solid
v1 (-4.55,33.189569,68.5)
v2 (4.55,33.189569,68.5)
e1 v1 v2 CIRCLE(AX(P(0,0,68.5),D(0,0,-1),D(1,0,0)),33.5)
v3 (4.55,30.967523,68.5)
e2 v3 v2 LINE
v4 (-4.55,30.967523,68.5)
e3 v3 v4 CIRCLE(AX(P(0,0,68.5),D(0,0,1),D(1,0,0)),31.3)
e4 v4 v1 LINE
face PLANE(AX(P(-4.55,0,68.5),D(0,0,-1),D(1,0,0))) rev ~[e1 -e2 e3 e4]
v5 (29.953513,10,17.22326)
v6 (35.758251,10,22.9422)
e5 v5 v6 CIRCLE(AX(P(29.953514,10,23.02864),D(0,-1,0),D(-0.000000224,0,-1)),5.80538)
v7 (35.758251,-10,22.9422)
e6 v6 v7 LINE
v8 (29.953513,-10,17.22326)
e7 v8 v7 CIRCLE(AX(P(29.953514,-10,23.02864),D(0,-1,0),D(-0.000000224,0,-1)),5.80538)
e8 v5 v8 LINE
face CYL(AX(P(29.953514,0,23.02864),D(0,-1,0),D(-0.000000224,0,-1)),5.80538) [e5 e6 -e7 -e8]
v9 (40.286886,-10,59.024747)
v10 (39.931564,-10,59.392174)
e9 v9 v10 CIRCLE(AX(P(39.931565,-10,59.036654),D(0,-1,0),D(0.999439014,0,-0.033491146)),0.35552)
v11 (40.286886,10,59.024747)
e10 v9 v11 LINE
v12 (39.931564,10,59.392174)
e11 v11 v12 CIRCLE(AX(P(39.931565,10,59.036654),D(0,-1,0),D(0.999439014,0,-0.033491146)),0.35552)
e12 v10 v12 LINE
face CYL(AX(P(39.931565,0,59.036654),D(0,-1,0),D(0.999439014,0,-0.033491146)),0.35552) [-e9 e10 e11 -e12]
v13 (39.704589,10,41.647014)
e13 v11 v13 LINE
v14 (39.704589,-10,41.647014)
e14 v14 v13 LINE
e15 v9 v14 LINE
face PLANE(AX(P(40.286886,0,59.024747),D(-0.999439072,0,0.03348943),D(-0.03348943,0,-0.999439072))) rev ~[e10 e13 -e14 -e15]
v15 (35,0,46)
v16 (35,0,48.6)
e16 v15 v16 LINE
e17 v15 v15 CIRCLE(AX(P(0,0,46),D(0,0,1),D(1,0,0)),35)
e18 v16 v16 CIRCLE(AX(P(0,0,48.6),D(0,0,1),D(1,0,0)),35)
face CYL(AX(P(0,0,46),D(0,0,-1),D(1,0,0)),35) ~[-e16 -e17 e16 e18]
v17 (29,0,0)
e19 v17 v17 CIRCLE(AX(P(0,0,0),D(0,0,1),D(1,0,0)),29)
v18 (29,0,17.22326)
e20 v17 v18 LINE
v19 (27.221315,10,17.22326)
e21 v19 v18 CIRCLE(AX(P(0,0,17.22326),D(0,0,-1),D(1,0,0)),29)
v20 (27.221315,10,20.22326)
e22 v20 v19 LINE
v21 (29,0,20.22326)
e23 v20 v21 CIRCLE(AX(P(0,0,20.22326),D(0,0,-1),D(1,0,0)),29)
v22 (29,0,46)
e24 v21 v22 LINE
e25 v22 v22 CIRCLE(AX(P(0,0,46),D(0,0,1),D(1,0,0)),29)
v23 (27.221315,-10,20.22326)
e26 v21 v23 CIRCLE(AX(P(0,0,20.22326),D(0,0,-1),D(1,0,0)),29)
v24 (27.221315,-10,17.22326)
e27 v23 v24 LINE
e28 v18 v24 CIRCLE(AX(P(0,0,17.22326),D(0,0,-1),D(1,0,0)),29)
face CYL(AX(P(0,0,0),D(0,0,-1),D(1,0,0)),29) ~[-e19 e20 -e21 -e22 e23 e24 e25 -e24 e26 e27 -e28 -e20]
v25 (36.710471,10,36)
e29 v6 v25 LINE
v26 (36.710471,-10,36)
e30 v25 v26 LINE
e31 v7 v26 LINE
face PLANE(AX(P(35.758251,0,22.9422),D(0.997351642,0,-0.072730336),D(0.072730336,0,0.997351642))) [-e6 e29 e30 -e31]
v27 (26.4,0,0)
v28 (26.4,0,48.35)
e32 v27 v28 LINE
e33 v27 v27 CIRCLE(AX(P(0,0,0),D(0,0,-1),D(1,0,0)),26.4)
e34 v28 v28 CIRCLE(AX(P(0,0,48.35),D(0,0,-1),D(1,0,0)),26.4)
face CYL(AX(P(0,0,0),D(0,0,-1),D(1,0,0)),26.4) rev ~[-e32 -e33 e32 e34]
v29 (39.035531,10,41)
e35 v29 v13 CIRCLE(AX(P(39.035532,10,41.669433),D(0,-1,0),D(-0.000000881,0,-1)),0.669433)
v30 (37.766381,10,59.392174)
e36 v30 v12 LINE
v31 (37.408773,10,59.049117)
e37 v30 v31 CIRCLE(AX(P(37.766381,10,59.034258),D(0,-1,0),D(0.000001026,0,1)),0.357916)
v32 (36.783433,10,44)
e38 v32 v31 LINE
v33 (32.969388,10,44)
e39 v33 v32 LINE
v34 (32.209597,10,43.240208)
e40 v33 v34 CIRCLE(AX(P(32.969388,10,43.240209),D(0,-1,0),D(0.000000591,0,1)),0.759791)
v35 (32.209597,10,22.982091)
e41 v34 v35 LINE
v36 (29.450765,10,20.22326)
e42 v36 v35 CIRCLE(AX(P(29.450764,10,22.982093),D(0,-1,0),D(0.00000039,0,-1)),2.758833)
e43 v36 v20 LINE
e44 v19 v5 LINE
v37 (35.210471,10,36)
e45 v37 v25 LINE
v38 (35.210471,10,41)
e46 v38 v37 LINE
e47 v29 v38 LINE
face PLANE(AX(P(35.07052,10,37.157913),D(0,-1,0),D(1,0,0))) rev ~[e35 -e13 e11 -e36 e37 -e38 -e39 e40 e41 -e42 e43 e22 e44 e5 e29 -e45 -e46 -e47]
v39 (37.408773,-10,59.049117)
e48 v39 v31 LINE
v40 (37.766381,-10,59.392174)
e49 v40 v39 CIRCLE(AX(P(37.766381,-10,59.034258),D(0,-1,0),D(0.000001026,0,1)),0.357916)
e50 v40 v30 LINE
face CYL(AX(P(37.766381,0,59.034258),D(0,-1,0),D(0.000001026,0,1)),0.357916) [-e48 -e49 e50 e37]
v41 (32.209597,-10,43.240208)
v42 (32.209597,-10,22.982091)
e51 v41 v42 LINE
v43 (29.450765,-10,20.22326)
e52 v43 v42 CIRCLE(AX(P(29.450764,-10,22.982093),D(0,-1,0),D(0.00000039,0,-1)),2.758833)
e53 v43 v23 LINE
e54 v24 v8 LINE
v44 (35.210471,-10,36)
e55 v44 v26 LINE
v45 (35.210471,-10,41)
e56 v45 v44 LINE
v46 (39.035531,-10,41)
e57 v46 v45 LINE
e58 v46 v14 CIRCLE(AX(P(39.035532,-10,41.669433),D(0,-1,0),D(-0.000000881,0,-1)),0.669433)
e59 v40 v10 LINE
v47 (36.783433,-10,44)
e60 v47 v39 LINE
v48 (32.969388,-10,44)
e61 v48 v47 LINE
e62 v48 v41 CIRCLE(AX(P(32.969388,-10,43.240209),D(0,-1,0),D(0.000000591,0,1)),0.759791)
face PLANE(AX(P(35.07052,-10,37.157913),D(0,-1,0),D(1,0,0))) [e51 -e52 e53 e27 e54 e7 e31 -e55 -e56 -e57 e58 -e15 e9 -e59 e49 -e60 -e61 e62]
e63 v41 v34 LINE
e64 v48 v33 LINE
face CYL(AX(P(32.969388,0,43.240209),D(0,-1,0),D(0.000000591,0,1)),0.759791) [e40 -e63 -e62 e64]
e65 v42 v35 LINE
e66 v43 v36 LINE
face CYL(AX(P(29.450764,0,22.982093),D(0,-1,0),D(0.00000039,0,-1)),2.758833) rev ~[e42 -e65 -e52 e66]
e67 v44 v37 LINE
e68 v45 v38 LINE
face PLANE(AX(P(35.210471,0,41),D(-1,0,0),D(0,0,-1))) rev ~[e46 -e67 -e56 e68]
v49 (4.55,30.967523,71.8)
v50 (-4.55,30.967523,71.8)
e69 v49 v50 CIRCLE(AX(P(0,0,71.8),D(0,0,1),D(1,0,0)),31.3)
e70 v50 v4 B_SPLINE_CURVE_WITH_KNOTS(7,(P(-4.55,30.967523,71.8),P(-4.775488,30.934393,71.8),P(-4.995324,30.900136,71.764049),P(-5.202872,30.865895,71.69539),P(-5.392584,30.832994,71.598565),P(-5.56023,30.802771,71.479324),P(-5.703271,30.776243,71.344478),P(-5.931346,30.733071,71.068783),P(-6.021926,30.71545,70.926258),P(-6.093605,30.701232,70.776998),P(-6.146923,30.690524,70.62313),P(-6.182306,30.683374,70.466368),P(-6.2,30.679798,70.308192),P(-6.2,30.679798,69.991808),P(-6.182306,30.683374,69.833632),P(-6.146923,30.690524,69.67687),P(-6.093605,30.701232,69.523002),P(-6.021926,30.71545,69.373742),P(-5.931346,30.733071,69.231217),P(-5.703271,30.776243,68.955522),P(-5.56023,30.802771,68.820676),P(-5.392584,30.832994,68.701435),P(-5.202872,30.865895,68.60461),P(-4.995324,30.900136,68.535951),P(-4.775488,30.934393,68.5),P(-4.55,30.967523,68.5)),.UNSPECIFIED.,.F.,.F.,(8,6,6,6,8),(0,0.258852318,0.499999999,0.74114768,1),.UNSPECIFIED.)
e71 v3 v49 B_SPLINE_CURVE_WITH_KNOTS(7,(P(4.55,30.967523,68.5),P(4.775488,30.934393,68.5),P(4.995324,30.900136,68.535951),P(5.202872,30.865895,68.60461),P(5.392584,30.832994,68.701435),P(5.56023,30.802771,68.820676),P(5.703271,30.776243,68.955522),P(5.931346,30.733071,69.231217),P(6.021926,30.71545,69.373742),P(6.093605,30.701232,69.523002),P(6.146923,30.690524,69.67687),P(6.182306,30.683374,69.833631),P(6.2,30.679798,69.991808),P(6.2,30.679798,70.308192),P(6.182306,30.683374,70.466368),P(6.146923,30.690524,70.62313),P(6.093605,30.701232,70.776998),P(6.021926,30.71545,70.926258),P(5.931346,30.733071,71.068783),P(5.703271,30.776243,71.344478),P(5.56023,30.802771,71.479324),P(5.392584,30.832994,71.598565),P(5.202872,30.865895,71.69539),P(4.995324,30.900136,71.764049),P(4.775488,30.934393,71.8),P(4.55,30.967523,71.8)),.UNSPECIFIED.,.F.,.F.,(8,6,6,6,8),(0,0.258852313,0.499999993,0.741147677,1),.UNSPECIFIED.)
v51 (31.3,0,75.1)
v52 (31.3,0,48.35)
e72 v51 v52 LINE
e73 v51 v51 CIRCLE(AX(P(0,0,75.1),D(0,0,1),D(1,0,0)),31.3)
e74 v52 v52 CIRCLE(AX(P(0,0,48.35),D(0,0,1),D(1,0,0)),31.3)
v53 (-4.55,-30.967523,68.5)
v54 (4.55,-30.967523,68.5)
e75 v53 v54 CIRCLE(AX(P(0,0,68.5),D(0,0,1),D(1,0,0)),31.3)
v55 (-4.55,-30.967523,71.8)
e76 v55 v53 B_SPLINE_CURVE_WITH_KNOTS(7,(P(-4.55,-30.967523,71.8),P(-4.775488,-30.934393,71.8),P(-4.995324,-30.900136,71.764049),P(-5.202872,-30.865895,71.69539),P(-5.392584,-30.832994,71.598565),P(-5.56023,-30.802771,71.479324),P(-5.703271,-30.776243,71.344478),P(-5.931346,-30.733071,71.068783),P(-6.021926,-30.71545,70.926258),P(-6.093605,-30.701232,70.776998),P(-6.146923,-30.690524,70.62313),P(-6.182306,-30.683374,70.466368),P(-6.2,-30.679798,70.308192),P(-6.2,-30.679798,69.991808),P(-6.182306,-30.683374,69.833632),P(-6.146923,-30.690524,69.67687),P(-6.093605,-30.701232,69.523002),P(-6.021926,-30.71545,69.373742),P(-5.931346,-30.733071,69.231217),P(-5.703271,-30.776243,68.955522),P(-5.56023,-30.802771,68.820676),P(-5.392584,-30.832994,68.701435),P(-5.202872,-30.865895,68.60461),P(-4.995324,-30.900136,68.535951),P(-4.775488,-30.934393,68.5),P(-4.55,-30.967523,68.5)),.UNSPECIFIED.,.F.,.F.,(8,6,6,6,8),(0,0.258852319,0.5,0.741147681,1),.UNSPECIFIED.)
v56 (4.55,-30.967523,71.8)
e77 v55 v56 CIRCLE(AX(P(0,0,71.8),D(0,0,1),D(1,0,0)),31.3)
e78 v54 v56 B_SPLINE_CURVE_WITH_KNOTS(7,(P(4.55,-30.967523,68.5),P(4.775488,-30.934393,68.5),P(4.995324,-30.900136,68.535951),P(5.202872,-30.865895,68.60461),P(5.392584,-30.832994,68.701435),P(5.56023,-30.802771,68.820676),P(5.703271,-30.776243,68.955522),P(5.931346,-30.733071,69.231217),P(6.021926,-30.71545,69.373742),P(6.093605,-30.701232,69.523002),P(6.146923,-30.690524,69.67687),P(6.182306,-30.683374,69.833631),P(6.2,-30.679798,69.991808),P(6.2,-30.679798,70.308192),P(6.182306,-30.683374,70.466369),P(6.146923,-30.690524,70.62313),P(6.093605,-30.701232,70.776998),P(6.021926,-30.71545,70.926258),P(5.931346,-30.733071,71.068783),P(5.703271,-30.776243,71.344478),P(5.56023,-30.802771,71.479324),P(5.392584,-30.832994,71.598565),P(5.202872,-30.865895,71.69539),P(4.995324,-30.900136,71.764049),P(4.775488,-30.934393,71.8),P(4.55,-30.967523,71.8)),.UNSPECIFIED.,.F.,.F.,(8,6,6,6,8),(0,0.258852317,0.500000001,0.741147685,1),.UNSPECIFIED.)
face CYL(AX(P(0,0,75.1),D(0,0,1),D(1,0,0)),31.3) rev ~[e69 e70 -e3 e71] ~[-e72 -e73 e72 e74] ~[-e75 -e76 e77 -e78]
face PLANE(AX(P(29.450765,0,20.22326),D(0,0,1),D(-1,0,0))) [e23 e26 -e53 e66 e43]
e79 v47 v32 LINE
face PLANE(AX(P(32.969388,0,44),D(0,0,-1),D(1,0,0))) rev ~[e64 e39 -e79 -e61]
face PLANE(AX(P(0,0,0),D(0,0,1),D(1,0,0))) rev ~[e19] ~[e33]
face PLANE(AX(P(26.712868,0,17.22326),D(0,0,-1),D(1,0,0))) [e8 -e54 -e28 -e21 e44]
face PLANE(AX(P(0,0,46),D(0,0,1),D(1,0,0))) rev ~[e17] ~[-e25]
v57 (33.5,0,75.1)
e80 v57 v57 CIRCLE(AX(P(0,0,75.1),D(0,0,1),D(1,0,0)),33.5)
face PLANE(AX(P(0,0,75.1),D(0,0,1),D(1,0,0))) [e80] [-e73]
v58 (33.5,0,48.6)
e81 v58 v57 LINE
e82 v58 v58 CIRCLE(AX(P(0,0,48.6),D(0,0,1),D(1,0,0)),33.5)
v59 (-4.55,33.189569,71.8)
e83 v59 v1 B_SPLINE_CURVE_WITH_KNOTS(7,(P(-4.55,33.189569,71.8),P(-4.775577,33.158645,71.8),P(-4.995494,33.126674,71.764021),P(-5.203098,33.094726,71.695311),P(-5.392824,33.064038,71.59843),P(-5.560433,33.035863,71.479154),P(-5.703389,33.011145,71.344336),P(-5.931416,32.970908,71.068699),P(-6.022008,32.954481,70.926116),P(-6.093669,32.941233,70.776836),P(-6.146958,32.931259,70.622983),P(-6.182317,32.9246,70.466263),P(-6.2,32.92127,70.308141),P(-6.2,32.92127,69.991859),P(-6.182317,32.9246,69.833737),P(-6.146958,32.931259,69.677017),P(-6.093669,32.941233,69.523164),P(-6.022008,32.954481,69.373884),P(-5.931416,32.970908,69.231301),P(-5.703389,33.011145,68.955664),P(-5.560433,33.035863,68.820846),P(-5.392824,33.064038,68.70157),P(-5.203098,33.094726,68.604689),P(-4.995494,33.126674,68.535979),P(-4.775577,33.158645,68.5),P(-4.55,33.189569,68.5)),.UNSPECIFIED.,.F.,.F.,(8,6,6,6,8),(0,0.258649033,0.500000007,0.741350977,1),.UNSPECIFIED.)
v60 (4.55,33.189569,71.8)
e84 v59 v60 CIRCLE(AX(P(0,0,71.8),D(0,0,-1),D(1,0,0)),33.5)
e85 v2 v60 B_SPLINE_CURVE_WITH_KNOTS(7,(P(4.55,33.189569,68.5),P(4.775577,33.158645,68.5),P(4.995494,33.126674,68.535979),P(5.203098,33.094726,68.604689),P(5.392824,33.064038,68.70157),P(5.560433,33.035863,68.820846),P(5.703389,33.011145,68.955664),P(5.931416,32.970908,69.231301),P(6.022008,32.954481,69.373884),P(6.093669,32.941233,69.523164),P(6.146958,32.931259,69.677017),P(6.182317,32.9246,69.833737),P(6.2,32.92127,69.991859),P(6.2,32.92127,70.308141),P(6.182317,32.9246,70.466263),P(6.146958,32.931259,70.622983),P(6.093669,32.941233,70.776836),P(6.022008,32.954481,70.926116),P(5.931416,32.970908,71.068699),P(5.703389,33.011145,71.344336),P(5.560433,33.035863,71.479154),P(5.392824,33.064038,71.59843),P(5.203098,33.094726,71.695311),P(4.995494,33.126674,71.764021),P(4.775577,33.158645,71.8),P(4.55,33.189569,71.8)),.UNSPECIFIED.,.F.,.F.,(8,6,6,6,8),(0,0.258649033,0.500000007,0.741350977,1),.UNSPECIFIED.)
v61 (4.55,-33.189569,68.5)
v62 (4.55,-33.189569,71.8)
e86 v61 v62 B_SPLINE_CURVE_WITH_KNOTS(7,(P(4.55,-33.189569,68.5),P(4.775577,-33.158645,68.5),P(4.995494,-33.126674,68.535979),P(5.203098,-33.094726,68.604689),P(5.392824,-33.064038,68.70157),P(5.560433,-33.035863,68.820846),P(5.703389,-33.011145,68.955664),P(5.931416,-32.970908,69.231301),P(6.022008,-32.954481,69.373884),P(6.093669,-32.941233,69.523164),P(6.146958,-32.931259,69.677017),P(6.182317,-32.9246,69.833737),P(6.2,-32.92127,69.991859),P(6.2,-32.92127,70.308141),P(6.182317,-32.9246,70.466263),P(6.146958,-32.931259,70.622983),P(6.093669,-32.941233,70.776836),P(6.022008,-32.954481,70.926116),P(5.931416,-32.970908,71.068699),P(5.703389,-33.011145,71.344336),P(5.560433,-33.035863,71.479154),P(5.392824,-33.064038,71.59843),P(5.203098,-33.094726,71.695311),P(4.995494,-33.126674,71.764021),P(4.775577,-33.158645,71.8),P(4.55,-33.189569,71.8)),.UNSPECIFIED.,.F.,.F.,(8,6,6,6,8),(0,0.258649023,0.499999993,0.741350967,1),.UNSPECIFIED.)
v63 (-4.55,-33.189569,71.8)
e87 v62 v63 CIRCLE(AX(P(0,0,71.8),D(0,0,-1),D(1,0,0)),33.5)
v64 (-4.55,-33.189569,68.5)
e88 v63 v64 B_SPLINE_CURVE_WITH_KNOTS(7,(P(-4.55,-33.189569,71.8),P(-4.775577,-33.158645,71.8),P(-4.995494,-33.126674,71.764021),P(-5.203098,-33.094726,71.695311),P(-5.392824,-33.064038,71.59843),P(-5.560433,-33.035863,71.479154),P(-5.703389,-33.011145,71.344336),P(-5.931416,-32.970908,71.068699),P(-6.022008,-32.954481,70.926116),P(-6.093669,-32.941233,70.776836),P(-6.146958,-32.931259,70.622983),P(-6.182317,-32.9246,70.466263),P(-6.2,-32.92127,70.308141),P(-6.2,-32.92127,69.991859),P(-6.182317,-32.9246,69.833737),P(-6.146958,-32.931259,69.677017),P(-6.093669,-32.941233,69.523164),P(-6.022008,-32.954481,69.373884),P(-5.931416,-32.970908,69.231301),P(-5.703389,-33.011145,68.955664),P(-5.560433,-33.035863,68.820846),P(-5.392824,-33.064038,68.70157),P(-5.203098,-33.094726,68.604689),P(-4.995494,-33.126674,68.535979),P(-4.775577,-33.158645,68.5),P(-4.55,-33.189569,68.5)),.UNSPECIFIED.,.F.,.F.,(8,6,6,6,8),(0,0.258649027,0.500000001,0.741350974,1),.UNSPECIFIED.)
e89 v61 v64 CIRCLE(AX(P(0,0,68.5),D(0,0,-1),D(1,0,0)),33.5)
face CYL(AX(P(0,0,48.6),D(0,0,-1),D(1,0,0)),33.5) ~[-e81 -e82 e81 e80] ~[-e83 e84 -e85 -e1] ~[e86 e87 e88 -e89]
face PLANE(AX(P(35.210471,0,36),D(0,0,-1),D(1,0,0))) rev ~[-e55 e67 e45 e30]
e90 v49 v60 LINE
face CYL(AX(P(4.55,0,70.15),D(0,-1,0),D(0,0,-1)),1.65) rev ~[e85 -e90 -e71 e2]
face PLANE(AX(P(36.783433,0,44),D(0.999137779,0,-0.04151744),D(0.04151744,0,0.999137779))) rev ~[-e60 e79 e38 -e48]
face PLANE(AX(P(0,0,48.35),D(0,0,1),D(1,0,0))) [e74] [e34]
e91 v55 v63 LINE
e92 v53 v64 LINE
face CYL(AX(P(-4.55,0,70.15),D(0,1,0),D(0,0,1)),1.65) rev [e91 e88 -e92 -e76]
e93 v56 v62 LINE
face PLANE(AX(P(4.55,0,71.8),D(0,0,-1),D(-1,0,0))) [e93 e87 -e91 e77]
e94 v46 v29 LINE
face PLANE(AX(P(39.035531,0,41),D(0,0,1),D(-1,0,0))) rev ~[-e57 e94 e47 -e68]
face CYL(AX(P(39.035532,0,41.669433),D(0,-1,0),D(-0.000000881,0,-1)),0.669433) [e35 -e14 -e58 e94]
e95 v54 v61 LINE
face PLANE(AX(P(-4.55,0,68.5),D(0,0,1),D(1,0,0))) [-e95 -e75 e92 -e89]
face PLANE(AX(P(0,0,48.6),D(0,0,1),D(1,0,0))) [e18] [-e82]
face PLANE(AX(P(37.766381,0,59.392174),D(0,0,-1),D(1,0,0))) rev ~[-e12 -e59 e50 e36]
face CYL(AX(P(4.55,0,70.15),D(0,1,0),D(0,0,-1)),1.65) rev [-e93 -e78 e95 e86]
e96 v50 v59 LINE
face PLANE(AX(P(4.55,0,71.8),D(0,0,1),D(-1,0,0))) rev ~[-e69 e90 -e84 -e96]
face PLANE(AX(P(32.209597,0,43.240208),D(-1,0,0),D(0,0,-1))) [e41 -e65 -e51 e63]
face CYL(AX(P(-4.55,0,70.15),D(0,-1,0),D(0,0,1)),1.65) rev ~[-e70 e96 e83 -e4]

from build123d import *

# Parameters (mm, degrees)
SKETCH_R             = 29
PAD_DEPTH            = 46
SKETCH001_R          = 35
PAD001_DEPTH         = 2.6
SKETCH002_R          = 33.5
PAD002_DEPTH         = 26.5
SKETCH003_R          = 26.4
POCKET_DEPTH         = 75.101
SKETCH004_R          = 31.3
POCKET001_DEPTH      = 26.75
POCKET002_DEPTH      = 35.001
POCKET002_DEPTH_BACK = -35.001
PAD003_DEPTH         = 10
PAD003_DEPTH_BACK    = 10


with BuildPart() as part:
    # Sketch → Pad (new body)
    with BuildSketch(Plane.XY):
        Circle(SKETCH_R)
    extrude(amount=PAD_DEPTH)

    # Sketch001 (on Face3 of Pad) → Pad001 (join)
    with BuildSketch(Plane.XY.offset(46)):
        Circle(SKETCH001_R)
    extrude(amount=PAD001_DEPTH)

    # Sketch002 (on Face3 of Pad001) → Pad002 (join)
    with BuildSketch(Plane.XY.offset(48.6)):
        Circle(SKETCH002_R)
    extrude(amount=PAD002_DEPTH)

    # Sketch003 (on Face6 of Pad002) → Pocket (cut, through all)
    with BuildSketch(Plane(origin=(0, 0, 0), x_dir=(1, 0, 0), z_dir=(0, 0, -1))):
        Circle(SKETCH003_R)
    extrude(amount=-POCKET_DEPTH, mode=Mode.SUBTRACT)

    # Sketch004 (on Face7 of Pocket) → Pocket001 (cut)
    with BuildSketch(Plane.XY.offset(75.1)):
        Circle(SKETCH004_R)
    extrude(amount=-POCKET001_DEPTH, mode=Mode.SUBTRACT)

    # Sketch005 → Pocket002 (cut, two sides)
    with BuildSketch(Plane.XZ) as pocket002_sk:
        with BuildLine():
            ThreePointArc((-4.55, 71.8), (-6.2, 70.15), (-4.55, 68.5))
            Line((-4.55, 68.5), (4.55, 68.5))
            ThreePointArc((4.55, 68.5), (6.2, 70.15), (4.55, 71.8))
            Line((4.55, 71.8), (-4.55, 71.8))
        make_face()
    extrude(amount=-POCKET002_DEPTH, mode=Mode.SUBTRACT)
    extrude(pocket002_sk.sketch, amount=-POCKET002_DEPTH_BACK, mode=Mode.SUBTRACT)

    # Sketch006 → Pad003 (join, two sides)
    with BuildSketch(Plane.XZ) as pad003_sk:
        with BuildLine():
            Line((26.712868, 17.22326), (29.953513, 17.22326))
            ThreePointArc((29.953513, 17.22326), (34.027862, 18.893168), (35.758251, 22.9422))
            Line((35.758251, 22.9422), (36.710471, 36))
            Line((35.210471, 36), (36.710471, 36))
            Line((35.210471, 41), (35.210471, 36))
            Line((39.035531, 41), (35.210471, 41))
            ThreePointArc((39.035531, 41), (39.500898, 41.188211), (39.704589, 41.647014))
            Line((40.286886, 59.024747), (39.704589, 41.647014))
            ThreePointArc((40.286886, 59.024747), (40.187131, 59.283799), (39.931564, 59.392174))
            Line((37.766381, 59.392174), (39.931564, 59.392174))
            ThreePointArc((37.766381, 59.392174), (37.518605, 59.292543), (37.408773, 59.049117))
            Line((36.783433, 44), (37.408773, 59.049117))
            Line((32.969388, 44), (36.783433, 44))
            ThreePointArc((32.969388, 44), (32.432134, 43.777462), (32.209597, 43.240208))
            Line((32.209597, 43.240208), (32.209597, 22.982091))
            ThreePointArc((29.450765, 20.22326), (31.401553, 21.031303), (32.209597, 22.982091))
            Line((29.450765, 20.22326), (26.712868, 20.22326))
            Line((26.712868, 20.22326), (26.712868, 17.22326))
        make_face()
    extrude(amount=PAD003_DEPTH)
    extrude(pad003_sk.sketch, amount=-PAD003_DEPTH_BACK)


solid = part.part
